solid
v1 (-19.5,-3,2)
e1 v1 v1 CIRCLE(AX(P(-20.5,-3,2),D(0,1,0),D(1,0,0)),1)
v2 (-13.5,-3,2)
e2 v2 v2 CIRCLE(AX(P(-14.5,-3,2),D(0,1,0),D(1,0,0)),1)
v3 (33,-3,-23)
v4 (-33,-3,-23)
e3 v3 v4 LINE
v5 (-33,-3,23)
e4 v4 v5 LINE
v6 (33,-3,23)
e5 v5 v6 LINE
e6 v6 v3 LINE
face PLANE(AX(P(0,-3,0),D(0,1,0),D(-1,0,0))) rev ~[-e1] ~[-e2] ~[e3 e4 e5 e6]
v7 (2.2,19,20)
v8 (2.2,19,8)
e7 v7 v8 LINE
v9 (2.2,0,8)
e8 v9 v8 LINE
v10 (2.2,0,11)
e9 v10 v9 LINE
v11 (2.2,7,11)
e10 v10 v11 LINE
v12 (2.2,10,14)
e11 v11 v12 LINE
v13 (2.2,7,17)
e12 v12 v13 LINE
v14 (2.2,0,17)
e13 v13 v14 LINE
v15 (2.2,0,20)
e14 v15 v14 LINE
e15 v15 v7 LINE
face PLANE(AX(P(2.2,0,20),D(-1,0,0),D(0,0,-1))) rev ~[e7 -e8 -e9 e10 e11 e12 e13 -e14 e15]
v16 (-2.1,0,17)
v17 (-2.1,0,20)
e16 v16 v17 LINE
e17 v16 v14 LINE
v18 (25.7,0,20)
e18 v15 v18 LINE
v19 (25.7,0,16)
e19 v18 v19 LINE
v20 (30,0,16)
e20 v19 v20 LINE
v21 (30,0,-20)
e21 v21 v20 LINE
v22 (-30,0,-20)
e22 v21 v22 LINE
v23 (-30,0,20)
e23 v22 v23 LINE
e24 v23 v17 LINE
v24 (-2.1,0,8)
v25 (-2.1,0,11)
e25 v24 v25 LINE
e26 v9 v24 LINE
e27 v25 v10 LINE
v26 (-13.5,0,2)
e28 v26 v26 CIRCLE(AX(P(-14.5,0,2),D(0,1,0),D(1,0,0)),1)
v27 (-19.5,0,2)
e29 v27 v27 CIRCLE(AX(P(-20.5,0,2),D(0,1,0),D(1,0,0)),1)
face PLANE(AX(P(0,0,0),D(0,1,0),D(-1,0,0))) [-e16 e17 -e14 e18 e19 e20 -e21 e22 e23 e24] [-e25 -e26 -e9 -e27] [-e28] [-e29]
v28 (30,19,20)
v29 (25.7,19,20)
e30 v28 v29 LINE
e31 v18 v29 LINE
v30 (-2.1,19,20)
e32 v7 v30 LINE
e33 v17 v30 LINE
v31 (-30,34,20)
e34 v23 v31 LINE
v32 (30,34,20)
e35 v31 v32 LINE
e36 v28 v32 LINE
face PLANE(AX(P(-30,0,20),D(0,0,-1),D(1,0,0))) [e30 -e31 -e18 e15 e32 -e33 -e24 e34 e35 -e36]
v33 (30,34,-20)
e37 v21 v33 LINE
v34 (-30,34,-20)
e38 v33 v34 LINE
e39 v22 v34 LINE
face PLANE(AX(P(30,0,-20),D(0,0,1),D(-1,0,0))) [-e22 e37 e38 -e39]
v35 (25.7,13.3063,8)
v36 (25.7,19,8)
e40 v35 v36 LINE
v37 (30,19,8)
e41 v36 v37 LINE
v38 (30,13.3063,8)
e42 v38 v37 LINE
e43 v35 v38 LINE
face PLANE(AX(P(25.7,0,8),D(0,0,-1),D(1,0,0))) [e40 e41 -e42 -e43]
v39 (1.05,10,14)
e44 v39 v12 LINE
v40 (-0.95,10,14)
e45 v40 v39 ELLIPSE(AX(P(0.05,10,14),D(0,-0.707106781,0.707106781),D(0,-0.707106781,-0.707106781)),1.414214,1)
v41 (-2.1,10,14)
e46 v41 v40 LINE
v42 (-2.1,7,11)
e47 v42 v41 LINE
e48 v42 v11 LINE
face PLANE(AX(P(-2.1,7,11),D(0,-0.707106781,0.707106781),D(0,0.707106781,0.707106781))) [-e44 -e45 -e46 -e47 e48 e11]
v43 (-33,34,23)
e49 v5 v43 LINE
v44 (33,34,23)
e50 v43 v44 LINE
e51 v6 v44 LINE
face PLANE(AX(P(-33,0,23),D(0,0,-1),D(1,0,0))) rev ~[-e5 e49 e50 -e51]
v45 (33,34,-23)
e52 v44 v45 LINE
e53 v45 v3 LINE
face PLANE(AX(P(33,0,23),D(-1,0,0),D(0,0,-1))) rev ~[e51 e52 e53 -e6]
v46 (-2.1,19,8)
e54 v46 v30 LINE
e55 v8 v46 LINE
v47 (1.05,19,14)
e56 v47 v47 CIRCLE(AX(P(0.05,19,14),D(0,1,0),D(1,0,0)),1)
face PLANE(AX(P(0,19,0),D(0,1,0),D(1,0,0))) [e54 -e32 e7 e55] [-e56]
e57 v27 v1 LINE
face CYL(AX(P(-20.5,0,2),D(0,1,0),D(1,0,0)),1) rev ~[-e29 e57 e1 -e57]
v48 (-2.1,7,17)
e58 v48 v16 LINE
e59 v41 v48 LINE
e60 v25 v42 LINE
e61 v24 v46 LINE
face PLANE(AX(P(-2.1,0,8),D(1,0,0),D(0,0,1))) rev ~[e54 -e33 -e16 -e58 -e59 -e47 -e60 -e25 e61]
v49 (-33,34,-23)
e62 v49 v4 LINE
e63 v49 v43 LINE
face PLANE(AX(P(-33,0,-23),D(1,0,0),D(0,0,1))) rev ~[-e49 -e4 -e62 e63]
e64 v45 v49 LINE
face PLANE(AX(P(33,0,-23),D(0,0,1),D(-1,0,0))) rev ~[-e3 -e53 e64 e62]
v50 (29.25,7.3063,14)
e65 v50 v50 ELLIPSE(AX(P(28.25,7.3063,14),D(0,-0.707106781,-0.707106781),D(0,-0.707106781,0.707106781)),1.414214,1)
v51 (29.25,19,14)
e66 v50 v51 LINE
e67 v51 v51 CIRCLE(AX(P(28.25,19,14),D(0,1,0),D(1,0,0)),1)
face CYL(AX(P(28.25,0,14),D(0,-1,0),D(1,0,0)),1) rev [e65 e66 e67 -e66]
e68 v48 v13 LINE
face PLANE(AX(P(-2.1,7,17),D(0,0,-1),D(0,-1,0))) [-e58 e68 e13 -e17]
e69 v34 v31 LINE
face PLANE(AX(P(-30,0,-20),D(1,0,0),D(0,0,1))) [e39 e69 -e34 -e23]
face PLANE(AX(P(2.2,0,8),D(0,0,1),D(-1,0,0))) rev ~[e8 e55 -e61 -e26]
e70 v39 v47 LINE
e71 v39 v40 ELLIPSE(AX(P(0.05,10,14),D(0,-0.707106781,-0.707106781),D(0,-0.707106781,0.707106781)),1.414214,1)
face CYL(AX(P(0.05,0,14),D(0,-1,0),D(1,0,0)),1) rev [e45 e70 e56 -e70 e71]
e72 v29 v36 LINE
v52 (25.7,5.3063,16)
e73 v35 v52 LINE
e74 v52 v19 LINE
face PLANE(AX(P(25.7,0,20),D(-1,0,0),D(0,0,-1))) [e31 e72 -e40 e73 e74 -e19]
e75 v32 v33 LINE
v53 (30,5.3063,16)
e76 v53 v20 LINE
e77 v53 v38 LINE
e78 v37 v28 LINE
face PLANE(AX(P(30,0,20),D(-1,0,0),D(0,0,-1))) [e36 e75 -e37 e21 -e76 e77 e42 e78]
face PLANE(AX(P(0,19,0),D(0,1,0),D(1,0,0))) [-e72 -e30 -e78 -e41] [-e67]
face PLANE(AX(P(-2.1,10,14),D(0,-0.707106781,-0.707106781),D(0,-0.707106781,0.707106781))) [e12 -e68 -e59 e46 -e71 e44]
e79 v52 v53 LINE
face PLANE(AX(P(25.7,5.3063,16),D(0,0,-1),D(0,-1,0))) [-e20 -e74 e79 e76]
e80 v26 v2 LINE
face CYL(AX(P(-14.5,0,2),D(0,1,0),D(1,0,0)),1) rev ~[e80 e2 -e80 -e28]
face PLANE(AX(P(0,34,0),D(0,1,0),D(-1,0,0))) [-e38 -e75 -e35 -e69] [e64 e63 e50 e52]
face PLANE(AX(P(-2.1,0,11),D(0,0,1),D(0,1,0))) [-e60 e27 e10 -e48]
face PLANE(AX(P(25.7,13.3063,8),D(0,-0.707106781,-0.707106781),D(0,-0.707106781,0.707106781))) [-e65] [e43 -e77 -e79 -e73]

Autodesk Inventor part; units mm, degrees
ref_plane "YZ Plane" through (0, 0, 0) normal (1, 0, 0) x (0, 1, 0)
ref_plane "XZ Plane" through (0, 0, 0) normal (0, 1, 0) x (-1, 0, 0)
ref_plane "XY Plane" through (0, 0, 0) normal (0, 0, 1) x (1, 0, 0)
sketch "스케치1" plane through (0, 0, 0) normal (0, 1, 0) x (-1, 0, 0)
  line L0 (30, 20) -> (-30, 20)
  line L1 (-30, 20) -> (-30, -20)
  line L2 (-30, -20) -> (30, -20)
  line L3 (30, 20) -> (-30, -20) construction
  line L4 (-30, 20) -> (30, -20) construction
  line L5 (30, -20) -> (30, 20)
  line L6 (33, 23) -> (-33, 23)
  line L7 (-33, 23) -> (-33, -23)
  line L8 (-33, -23) -> (33, -23)
  line L9 (33, -23) -> (33, 23)
  point P0 (0, 0)
  dimension "d0" = 60
  dimension "d1" = 40
  dimension "d6" = 3
extrude "돌출1" add sketch "스케치1" against normal blind 3 contours L5 L2 L1 L0 | L9 L8 L7 L6
extrude "돌출2" add sketch "스케치1" along normal blind 34
sketch "스케치2" plane through (0, 0, 0) normal (0, 1, 0) x (1, 0, 0)
  circle A0 centre (-20.5, -2) radius 1
  circle A1 centre (-14.5, -2) radius 1
  line L0 (-30, 20) -> (30, 20) projected
  line L1 (-30, -20) -> (-30, 20) projected
  point P0 (0, 0)
  dimension "d11" = 2
  dimension "d12" = 2
  dimension "d13" = 6
  dimension "d14" = 22
  dimension "d15" = 9.5
extrude "돌출3" cut sketch "스케치2" against normal blind 10
sketch "스케치3" plane through (0, 0, 0) normal (0, 1, 0) x (1, 0, 0)
  line L0 (30, -20) -> (-30, -20) projected
  line L1 (-2.1, -20) -> (2.2, -20)
  line L2 (2.2, -20) -> (2.2, -8)
  line L3 (2.2, -8) -> (-2.1, -8)
  line L4 (-2.1, -8) -> (-2.1, -20)
  line L5 (25.7, -8) -> (30, -8)
  line L6 (30, -8) -> (30, -20)
  line L7 (30, -20) -> (25.7, -20)
  line L8 (25.7, -20) -> (25.7, -8)
  circle A0 centre (0.05, -14) radius 1
  circle A1 centre (28.25, -14) radius 1
  point P0 (0, 0)
  point P1 (0.05, -8)
  point P2 (2.2, -14)
  point P3 (2.2, -20)
  dimension "d18" = 12
  dimension "d19" = 23.5
  dimension "d20" = 32.1
  dimension "d21" = 2
  dimension "d22" = 2
  dimension "d23" = 28.2
extrude "돌출4" add sketch "스케치3" along normal blind 19
sketch "스케치4" plane through (-2.1, 0, 8) normal (-1, 0, 0) x (0, 0, 1)
  line L0 (0, 0) -> (12, 0) projected
  line L1 (9, 0) -> (3, 0)
  line L2 (3, 0) -> (3, 7)
  line L3 (6, 10) -> (6, 10)
  line L4 (9, 7) -> (9, 0)
  line L5 (3, 7) -> (6, 10)
  line L6 (6, 10) -> (9, 7)
  point P0 (-8, 0)
  point P1 (3, 10)
  point P2 (9, 10)
  point P3 (6, 0)
  point P4 (6, 10)
  point P5 (3, 0)
  dimension "d26" = 6
  dimension "d27" = 10
  dimension "d28" = 3
  dimension "d29" = 3
  dimension "d30" = 3
  dimension "d31" = 3
extrude "돌출5" cut sketch "스케치4" against normal up to surface (4.3 mm away)
sketch "스케치5" plane through (25.7, 0, 8) normal (-1, 0, 0) x (0, 0, 1)
  line L0 (0, 13.3063) -> (8, 5.3063)
  line L1 (8, 5.3063) -> (8, 0)
  line L2 (7, 19) -> (7, 0) projected
  line L3 (0, 0) -> (-28, 0) projected
  line L4 (8, 0) -> (0, 0)
  line L5 (0, 0) -> (0, 13.3063)
  point P0 (-8, 0)
  dimension "d34" = 45
  dimension "d35" = 8
extrude "돌출6" cut sketch "스케치5" against normal up to surface (4.3 mm away)
equation "\"d29\" = d28"
equation "\"d30\" = d28"
equation "\"d31\" = d30"
properties part number "전체 하우징"
